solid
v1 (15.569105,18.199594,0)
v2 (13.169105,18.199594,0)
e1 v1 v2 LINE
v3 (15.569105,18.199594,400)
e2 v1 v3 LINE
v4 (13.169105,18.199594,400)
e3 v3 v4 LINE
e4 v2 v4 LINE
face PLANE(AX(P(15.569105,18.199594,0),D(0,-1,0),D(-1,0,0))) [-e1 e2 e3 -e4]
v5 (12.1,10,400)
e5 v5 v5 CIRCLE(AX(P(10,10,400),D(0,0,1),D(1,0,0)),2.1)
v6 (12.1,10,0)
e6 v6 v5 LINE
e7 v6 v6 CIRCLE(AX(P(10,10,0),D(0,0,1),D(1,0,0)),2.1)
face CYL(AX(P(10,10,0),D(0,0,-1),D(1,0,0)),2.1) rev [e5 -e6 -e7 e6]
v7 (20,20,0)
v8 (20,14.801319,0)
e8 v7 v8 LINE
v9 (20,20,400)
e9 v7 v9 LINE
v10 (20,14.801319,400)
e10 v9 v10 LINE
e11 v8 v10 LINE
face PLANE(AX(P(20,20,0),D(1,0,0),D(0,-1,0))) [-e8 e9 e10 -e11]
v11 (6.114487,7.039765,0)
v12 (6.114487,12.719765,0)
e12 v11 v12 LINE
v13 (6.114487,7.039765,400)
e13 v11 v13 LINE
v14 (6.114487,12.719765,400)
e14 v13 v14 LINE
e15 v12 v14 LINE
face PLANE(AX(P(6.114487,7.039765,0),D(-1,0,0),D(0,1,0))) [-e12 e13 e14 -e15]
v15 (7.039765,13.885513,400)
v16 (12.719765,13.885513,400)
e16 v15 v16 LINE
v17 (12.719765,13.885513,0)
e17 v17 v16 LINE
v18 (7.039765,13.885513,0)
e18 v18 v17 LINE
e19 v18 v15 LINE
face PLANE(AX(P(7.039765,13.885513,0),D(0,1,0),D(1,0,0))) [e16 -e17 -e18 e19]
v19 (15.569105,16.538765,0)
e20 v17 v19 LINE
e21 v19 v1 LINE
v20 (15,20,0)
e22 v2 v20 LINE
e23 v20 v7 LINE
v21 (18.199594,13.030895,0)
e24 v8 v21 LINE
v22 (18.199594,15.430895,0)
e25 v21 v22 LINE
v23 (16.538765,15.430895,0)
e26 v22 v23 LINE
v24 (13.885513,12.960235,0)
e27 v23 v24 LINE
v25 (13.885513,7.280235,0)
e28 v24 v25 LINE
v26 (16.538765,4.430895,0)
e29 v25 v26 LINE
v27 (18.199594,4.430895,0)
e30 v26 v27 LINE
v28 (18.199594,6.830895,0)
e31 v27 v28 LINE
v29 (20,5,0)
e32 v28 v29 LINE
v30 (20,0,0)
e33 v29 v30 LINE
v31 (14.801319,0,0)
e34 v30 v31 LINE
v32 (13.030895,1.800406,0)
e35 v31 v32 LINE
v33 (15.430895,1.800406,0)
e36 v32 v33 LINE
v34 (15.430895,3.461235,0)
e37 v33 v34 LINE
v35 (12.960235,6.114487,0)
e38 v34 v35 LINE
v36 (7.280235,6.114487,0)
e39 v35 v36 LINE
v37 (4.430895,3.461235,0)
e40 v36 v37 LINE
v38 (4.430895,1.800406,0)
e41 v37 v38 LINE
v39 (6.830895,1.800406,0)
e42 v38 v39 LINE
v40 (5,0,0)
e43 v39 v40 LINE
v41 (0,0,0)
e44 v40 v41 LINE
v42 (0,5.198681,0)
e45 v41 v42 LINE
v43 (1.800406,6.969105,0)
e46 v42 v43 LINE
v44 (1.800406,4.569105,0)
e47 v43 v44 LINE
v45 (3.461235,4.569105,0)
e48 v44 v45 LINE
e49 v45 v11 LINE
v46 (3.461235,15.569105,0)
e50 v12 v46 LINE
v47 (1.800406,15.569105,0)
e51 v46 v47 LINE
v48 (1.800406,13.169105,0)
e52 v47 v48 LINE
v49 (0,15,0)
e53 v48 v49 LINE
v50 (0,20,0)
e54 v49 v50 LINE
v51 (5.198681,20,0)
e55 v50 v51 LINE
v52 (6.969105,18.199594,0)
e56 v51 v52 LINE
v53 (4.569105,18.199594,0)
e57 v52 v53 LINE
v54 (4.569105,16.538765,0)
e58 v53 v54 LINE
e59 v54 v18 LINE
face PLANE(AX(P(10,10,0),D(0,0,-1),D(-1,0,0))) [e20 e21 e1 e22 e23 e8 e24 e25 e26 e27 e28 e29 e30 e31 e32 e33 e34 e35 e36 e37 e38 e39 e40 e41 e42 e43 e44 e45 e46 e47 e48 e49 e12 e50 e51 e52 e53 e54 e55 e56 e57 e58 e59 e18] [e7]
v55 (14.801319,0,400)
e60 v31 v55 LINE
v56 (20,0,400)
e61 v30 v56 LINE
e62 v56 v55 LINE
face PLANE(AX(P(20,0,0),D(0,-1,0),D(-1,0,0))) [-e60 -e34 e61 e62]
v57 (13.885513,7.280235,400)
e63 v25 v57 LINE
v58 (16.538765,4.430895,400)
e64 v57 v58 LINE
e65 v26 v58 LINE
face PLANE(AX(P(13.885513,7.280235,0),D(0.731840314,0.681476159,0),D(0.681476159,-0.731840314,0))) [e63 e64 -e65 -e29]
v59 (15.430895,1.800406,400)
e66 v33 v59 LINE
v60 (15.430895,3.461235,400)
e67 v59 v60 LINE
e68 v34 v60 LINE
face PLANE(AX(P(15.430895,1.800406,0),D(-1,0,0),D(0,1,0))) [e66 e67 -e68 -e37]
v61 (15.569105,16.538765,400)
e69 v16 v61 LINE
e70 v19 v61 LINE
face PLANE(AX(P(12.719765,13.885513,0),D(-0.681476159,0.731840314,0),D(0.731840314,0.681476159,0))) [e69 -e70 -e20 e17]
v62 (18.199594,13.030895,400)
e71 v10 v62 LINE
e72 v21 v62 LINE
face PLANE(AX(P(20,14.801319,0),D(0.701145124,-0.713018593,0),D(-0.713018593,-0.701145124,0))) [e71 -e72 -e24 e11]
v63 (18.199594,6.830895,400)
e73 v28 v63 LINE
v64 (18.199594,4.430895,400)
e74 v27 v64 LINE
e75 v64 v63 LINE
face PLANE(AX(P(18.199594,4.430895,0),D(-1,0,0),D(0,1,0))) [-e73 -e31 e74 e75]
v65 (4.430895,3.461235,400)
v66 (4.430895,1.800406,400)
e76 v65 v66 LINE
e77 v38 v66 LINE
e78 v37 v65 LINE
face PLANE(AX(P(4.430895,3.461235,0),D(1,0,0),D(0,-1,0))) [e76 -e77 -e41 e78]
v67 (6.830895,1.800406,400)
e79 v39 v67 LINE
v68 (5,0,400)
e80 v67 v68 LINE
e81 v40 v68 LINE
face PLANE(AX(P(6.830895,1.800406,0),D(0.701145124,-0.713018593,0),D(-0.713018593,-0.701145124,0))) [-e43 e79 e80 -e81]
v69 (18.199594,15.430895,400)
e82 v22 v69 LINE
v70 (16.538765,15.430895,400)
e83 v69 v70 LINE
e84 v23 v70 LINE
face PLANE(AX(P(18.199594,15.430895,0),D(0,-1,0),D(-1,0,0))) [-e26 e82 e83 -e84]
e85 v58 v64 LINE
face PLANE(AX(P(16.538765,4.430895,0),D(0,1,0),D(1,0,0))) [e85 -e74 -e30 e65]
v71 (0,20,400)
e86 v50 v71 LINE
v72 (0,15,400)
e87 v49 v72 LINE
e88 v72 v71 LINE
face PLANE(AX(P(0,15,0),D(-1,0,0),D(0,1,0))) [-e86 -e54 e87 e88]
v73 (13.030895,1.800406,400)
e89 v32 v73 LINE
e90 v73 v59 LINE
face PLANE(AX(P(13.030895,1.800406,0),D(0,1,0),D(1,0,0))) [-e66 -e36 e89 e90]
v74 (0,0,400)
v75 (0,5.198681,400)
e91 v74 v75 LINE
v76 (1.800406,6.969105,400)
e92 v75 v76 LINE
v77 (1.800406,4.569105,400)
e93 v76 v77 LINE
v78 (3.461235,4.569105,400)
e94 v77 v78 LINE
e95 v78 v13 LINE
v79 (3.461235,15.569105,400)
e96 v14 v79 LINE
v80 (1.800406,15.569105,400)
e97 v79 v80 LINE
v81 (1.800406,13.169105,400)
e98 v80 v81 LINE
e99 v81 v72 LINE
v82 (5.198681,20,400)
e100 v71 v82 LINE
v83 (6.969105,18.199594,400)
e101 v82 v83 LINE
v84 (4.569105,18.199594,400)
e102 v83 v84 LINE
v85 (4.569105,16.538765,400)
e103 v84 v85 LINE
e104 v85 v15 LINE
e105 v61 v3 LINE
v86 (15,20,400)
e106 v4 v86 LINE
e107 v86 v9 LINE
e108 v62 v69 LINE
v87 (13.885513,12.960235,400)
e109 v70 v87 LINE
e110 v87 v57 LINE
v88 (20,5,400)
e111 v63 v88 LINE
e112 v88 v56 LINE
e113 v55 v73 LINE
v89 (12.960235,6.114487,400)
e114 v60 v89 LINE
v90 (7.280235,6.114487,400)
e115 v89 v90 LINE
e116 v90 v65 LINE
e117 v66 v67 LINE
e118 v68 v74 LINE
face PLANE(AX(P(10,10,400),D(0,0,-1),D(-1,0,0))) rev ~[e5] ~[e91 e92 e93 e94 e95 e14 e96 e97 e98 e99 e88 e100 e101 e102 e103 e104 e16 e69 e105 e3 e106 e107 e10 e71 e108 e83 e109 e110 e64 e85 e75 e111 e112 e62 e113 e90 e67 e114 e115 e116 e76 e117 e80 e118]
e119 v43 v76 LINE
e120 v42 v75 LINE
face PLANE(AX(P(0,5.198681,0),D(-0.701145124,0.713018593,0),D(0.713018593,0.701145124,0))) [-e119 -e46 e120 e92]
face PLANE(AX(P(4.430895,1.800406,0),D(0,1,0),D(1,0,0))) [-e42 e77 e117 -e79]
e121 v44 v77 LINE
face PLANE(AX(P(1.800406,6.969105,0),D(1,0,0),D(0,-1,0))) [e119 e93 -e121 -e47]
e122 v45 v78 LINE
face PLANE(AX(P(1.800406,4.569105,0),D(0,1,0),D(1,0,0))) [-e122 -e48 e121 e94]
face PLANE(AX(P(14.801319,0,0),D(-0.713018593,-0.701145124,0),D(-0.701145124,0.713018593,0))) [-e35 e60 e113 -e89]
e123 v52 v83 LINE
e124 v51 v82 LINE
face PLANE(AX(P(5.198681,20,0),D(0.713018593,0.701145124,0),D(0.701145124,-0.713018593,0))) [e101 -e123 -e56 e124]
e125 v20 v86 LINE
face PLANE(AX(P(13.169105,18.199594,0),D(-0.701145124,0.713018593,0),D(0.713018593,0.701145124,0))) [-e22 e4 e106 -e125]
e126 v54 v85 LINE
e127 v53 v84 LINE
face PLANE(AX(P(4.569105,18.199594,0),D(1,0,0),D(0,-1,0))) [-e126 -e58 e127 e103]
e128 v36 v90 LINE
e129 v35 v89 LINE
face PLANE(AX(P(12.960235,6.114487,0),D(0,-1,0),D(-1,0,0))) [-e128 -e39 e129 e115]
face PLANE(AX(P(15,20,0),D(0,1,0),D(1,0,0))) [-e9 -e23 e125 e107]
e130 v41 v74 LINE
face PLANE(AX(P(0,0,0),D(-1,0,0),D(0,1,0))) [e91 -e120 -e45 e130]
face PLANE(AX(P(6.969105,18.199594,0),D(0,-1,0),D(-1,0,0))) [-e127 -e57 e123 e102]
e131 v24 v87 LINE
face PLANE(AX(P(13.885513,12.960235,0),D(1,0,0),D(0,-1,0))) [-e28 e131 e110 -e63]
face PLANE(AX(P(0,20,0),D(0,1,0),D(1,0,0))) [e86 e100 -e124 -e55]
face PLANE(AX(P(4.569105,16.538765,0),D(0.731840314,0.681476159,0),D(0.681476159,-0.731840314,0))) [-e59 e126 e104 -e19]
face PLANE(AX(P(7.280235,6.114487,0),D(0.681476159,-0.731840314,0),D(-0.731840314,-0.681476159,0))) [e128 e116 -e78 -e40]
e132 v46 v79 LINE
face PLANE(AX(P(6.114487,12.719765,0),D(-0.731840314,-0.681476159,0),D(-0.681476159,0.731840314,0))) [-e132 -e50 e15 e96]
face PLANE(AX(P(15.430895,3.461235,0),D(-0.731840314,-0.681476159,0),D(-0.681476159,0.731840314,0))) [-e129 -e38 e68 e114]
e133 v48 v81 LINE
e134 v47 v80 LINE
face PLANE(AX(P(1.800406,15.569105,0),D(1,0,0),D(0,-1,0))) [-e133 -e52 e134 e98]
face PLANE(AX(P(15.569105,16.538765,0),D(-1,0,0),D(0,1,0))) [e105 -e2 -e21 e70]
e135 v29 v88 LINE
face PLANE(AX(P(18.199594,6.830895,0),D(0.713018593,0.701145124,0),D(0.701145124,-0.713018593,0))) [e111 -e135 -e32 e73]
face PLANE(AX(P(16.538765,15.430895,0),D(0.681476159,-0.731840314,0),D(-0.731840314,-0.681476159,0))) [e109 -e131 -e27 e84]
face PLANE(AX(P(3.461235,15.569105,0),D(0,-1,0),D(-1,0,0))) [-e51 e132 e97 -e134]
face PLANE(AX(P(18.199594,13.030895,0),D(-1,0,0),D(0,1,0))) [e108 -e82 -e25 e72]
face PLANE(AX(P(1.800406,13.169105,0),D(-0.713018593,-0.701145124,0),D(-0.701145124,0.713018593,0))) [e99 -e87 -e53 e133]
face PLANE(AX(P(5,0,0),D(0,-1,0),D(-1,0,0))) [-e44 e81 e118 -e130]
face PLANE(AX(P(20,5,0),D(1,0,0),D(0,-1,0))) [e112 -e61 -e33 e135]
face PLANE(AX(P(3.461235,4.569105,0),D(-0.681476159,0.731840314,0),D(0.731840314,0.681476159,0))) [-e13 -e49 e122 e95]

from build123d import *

# Parameters (mm, degrees)
SZKIC1_R                    = 2.1
DODANIE_WYCI_GNI_CIE1_DEPTH = 400


with BuildPart() as part:
    # Szkic1 → Dodanie-wyciągnięcie1 (new body)
    with BuildSketch(Plane.XY):
        Polygon((7.039765266, 13.885512537), (12.719765266, 13.885512537), (15.569105371, 16.538765319), (15.569105371, 18.199594156), (13.169105371, 18.199594156), (15, 20), (20, 20), (20, 14.801319399), (18.199594156, 13.030894629), (18.199594156, 15.430894629), (16.538765319, 15.430894629), (13.885512537, 12.960234734), (13.885512537, 7.280234734), (16.538765319, 4.430894629), (18.199594156, 4.430894629), (18.199594156, 6.830894629), (20, 5), (20, 0), (14.801319399, 0), (13.030894629, 1.800405844), (15.430894629, 1.800405844), (15.430894629, 3.461234681), (12.960234734, 6.114487463), (7.280234734, 6.114487463), (4.430894629, 3.461234681), (4.430894629, 1.800405844), (6.830894629, 1.800405844), (5, 0), (0, 0), (0, 5.198680601), (1.800405844, 6.969105371), (1.800405844, 4.569105371), (3.461234681, 4.569105371), (6.114487463, 7.039765266), (6.114487463, 12.719765266), (3.461234681, 15.569105371), (1.800405844, 15.569105371), (1.800405844, 13.169105371), (0, 15), (0, 20), (5.198680601, 20), (6.969105371, 18.199594156), (4.569105371, 18.199594156), (4.569105371, 16.538765319), align=None)
        with Locations((10, 10)):
            Circle(SZKIC1_R, mode=Mode.SUBTRACT)
    extrude(amount=DODANIE_WYCI_GNI_CIE1_DEPTH)


solid = part.part
